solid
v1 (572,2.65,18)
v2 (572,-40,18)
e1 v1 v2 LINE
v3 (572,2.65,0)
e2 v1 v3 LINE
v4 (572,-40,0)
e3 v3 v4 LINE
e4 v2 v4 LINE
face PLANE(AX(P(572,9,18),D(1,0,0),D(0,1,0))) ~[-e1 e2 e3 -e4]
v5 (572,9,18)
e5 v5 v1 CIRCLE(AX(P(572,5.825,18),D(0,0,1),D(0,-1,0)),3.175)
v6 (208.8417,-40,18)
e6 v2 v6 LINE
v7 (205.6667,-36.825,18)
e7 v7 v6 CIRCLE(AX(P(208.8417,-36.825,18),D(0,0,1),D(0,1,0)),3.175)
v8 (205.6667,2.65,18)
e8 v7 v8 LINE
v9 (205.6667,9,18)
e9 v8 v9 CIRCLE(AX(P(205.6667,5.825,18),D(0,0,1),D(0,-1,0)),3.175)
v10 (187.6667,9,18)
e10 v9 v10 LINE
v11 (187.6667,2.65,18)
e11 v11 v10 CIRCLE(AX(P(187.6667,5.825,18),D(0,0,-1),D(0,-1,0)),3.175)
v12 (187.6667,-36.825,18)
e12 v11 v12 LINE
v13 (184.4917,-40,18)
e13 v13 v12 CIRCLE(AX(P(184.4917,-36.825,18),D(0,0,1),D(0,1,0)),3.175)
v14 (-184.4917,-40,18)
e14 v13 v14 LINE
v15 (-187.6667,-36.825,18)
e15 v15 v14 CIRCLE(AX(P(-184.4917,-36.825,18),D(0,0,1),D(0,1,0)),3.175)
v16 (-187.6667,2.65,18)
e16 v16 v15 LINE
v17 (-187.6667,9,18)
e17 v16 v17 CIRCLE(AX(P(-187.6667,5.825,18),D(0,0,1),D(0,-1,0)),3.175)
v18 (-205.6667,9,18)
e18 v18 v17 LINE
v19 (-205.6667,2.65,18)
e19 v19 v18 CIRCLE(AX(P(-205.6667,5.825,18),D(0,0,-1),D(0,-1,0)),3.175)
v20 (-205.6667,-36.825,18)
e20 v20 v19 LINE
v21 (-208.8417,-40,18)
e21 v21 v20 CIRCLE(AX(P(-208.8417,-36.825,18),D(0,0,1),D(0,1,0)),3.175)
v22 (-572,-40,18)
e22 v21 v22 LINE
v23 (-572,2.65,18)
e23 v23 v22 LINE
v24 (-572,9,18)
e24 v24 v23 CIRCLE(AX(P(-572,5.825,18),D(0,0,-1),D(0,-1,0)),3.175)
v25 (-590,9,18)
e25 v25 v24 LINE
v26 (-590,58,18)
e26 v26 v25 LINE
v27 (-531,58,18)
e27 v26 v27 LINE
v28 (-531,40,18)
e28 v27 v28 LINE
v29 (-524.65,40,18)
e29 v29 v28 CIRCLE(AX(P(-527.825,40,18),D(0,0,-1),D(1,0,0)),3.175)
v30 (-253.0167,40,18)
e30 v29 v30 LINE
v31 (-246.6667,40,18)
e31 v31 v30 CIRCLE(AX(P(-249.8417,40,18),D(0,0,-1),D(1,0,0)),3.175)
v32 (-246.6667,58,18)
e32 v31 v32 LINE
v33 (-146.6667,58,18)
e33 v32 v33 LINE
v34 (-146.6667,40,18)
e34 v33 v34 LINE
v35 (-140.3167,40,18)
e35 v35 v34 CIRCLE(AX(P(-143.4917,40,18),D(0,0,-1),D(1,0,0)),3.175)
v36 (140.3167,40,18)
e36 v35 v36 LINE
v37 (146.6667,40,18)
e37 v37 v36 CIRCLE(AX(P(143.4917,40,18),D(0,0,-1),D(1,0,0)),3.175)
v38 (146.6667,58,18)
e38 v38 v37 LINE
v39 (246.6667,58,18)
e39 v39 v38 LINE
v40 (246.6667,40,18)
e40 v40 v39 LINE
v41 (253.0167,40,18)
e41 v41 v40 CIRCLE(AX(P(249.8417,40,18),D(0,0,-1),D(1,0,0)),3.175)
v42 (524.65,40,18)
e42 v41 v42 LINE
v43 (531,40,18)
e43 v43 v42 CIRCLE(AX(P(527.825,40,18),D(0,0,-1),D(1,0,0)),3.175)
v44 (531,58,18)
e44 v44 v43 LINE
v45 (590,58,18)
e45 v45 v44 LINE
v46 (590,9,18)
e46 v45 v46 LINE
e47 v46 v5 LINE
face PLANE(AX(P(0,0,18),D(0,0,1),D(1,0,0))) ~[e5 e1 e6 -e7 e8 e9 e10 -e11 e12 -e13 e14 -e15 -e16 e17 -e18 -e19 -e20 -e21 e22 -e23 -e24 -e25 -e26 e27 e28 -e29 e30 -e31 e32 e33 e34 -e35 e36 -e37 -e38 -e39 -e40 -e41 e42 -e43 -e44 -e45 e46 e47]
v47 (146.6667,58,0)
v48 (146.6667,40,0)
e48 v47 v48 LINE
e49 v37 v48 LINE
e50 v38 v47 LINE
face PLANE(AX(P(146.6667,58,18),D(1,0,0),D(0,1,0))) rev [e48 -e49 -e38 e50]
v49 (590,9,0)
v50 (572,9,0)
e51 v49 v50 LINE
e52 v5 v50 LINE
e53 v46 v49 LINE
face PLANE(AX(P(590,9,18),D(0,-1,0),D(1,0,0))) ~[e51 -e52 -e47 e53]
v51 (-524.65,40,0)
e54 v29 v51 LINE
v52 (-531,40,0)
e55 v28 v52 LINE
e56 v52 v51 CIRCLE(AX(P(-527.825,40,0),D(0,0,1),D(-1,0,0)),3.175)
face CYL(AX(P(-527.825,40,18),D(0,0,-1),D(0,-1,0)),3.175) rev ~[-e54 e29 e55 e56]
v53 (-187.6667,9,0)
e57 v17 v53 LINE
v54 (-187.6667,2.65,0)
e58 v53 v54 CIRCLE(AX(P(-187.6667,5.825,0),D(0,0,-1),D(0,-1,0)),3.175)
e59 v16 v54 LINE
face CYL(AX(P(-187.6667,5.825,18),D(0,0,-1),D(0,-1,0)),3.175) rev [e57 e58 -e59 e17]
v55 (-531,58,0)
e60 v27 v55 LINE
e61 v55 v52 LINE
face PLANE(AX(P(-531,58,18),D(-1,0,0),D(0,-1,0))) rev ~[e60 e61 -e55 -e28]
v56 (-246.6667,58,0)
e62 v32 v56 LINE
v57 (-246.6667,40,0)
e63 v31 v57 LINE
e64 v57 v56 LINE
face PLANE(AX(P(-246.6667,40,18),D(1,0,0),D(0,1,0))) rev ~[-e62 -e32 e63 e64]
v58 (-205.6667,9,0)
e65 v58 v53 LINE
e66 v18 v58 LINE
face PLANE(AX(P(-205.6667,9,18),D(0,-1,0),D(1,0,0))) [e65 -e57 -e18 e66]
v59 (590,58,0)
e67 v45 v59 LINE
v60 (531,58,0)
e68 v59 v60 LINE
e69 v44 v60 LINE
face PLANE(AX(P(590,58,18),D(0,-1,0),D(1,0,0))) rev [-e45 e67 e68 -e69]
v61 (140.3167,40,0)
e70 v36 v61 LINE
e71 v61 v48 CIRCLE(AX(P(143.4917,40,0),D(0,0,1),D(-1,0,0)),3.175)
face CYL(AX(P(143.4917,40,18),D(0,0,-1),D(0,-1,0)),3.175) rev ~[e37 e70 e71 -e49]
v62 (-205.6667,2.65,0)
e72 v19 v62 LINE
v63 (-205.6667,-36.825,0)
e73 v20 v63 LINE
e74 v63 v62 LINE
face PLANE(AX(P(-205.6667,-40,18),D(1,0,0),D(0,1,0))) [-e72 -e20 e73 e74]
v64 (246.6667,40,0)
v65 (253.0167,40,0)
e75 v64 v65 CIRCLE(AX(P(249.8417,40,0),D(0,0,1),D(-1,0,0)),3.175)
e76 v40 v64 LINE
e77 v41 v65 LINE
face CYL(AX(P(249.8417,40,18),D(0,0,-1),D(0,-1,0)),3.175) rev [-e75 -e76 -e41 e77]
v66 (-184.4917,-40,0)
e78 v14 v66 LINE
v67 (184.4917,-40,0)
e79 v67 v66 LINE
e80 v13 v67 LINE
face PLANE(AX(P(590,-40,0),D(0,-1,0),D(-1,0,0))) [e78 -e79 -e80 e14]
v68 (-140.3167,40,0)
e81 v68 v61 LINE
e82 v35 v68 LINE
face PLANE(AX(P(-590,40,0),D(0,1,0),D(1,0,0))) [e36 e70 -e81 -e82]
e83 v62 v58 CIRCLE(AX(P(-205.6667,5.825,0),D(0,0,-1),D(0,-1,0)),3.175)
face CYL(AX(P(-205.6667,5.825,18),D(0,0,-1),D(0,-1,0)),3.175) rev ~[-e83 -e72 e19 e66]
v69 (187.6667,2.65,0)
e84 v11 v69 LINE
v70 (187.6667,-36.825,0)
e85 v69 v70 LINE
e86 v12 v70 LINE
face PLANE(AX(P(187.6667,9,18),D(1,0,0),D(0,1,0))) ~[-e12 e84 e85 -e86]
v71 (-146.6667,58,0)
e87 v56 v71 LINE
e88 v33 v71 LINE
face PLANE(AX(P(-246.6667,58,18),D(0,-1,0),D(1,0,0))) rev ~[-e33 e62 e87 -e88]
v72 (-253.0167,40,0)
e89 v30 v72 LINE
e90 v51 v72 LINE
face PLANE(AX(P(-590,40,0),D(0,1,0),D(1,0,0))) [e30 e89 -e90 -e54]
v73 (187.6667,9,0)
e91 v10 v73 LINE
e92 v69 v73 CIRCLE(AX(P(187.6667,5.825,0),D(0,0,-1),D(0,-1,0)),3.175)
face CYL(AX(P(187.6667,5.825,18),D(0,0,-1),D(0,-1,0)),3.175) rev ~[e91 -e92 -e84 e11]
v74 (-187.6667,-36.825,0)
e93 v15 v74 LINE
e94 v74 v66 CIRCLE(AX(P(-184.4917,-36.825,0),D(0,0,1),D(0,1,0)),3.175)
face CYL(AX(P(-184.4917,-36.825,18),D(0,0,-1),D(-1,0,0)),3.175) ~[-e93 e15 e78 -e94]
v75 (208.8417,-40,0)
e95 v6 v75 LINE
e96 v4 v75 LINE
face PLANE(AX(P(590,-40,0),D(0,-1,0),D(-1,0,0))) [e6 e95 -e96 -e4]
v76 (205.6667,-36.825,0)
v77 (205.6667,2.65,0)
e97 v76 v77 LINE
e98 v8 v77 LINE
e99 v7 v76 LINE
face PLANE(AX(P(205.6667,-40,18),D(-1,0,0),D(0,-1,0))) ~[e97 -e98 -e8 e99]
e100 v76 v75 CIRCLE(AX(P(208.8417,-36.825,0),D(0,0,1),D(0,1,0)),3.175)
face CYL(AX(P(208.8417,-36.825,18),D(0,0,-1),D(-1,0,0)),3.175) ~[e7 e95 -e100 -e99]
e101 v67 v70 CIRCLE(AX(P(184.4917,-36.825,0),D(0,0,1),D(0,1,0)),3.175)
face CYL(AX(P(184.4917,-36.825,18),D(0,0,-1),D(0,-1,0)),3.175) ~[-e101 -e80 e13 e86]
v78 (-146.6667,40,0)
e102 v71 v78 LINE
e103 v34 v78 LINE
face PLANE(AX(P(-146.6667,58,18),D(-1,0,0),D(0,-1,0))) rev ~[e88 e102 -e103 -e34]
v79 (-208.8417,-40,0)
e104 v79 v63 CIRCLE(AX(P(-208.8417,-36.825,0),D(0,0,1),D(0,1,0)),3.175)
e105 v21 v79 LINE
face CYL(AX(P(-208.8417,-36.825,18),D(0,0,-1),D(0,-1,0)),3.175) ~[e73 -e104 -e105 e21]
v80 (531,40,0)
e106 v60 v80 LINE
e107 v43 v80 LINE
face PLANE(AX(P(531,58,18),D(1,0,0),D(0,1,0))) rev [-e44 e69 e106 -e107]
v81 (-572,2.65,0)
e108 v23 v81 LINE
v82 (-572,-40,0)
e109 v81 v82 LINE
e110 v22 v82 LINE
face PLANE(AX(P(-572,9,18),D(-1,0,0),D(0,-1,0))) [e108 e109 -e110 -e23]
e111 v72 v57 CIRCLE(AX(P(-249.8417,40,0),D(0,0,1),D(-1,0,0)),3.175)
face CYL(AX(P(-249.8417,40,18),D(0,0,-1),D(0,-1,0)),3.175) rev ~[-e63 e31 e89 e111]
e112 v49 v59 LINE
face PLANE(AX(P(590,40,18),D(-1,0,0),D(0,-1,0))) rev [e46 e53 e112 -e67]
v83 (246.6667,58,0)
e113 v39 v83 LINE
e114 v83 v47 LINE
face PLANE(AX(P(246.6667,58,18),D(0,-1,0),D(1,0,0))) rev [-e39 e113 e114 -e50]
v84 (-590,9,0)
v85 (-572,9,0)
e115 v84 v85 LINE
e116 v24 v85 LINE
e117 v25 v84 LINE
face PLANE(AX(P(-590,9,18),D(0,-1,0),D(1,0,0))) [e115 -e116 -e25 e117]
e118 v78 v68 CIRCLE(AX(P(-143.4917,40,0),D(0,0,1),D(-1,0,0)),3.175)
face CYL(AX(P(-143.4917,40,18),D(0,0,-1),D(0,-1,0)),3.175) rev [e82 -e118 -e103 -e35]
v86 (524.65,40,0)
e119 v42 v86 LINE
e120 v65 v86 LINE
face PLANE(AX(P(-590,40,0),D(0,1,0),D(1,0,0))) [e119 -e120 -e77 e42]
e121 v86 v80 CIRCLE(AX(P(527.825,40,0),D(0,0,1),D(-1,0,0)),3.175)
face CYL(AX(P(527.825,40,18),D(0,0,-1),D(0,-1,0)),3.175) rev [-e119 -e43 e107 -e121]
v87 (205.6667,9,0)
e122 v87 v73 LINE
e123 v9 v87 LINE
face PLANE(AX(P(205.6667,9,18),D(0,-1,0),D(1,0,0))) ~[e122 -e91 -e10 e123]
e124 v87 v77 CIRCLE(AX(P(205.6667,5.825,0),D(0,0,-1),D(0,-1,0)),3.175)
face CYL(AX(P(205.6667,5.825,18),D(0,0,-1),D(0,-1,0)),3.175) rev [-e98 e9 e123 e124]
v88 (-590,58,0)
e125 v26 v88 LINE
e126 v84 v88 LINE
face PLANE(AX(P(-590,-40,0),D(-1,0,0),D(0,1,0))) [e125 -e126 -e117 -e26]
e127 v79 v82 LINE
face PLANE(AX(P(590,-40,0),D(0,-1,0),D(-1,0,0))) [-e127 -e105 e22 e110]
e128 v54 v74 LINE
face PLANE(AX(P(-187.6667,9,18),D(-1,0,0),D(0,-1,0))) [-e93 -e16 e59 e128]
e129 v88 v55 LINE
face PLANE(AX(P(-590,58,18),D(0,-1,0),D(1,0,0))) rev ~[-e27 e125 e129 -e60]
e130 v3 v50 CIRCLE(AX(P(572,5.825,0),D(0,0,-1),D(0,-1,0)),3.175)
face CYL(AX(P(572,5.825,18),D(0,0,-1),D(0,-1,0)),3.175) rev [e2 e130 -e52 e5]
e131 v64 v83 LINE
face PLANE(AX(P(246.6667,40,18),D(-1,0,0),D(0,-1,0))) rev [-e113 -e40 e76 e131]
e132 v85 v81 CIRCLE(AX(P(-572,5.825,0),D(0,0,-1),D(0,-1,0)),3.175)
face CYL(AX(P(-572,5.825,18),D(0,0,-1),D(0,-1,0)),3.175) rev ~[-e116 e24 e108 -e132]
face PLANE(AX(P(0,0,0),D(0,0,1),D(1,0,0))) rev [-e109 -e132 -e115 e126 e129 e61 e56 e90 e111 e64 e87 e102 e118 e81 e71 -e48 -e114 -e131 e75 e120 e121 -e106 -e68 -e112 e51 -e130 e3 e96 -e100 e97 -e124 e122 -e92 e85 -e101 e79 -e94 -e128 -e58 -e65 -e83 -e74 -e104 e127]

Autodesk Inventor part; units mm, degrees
ref_plane "YZ Plane" through (0, 0, 0) normal (1, 0, 0) x (0, 1, 0)
sketch "Sketch1" plane through (0, 0, 0) normal (0, 0, 1) x (1, 0, 0)
  line L0 (-590, 40) -> (590, 40)
  line L1 (590, 40) -> (590, -40)
  line L2 (590, -40) -> (-590, -40)
  line L3 (-590, -40) -> (-590, 40)
  point P0 (0, 0)
  point P1 (-590, 0)
  point P2 (0, 40)
  dimension "d0" = 80
  dimension "d1" = 1180
extrude "Extrusion1" add sketch "Sketch1" along normal blind 18
sketch "Sketch2" plane through (0, 0, 18) normal (0, 0, 1) x (1, 0, 0)
  line L0 (590, 40) -> (-590, 40) projected
  line L1 (-590, 40) -> (-590, -40) projected
  line L2 (-590, -40) -> (590, -40) projected
  line L3 (590, -40) -> (590, 40) projected
  line L4 (-590, 58) -> (-531, 58)
  line L5 (-531, 58) -> (-531, 40)
  line L6 (-531, 40) -> (-590, 40)
  line L7 (-590, 40) -> (-590, 58)
  point P0 (0, 0)
  point P1 (-560.5, 40)
  point P2 (0, 40)
  point P3 (-590, 49)
  point P4 (-590, 0)
  dimension "d4" = 18
  dimension "d5" = 59
extrude "Extrusion2" add sketch "Sketch2" against normal blind 18 contours L0 L7 L4 L5
ref_plane "Work Plane1" through (0, -40, 0) normal (-1, 0, 0) x (0, 0, 1)
sketch "Sketch3" plane through (0, 0, 18) normal (0, 0, 1) x (1, 0, 0)
  line L0 (-246.6667, 58) -> (-146.6667, 58)
  line L1 (-146.6667, 58) -> (-146.6667, 40)
  line L2 (-146.6667, 40) -> (-246.6667, 40)
  line L3 (-246.6667, 40) -> (-246.6667, 58)
  line L4 (590, 40) -> (-531, 40) projected
  line L5 (-531, 58) -> (-531, 40) projected
  line L6 (-590, 58) -> (-531, 58) projected
  line L7 (-590, -40) -> (-590, 58) projected
  line L8 (-590, -40) -> (590, -40) projected
  line L9 (590, -40) -> (590, 40) projected
  point P0 (0, 0)
  point P1 (-196.6667, 40)
  point P2 (29.5, 40)
  dimension "d8" = 18
  dimension "d9" = 100
  dimension "d10" = 393.3333
extrude "Extrusion3" add sketch "Sketch3" against normal blind 18 contours L0 L1 L2 L3
mirror "Mirror1" about plane through (0, -40, 0) normal (-1, 0, 0) of "Extrusion2", "Extrusion3"
sketch "Sketch4" plane through (0, 0, 18) normal (0, 0, 1) x (1, 0, 0)
  line L0 (531, 40) -> (246.6667, 40) projected
  line L1 (246.6667, 40) -> (246.6667, 58) projected
  line L2 (246.6667, 58) -> (146.6667, 58) projected
  line L3 (146.6667, 58) -> (146.6667, 40) projected
  line L4 (146.6667, 40) -> (-146.6667, 40) projected
  line L5 (-146.6667, 58) -> (-146.6667, 40) projected
  line L6 (-246.6667, 58) -> (-146.6667, 58) projected
  line L7 (-246.6667, 40) -> (-246.6667, 58) projected
  line L8 (-246.6667, 40) -> (-531, 40) projected
  line L9 (-531, 58) -> (-531, 40) projected
  line L10 (-590, 58) -> (-531, 58) projected
  line L11 (-590, -40) -> (-590, 58) projected
  line L12 (-590, -40) -> (590, -40) projected
  line L13 (590, -40) -> (590, 58) projected
  line L14 (590, 58) -> (531, 58) projected
  line L15 (531, 58) -> (531, 40) projected
  line L16 (-590, 9) -> (-572, 9)
  line L17 (-572, 9) -> (-572, -40)
  line L18 (-572, -40) -> (-590, -40)
  line L19 (-590, -40) -> (-590, 9)
  point P0 (0, 0)
  point P1 (-590, -15.5)
  point P2 (-590, 9)
  point P3 (-581, -40)
  point P4 (0, -40)
  dimension "d13" = 18
  dimension "d14" = 49
extrude "Extrusion4" cut sketch "Sketch4" against normal blind 18 contours L12 L11 L16 L17
mirror "Mirror2" about plane through (0, -40, 0) normal (-1, 0, 0) of "Extrusion4"
sketch "Sketch5" plane through (0, 0, 18) normal (0, 0, 1) x (1, 0, 0)
  line L0 (-205.6667, 9) -> (-187.6667, 9)
  line L1 (-187.6667, 9) -> (-187.6667, -40)
  line L2 (-187.6667, -40) -> (-205.6667, -40)
  line L3 (-205.6667, -40) -> (-205.6667, 9)
  line L4 (572, -40) -> (572, 9) projected
  line L5 (572, 9) -> (590, 9) projected
  line L6 (590, 9) -> (590, 58) projected
  line L7 (590, 58) -> (531, 58) projected
  line L8 (531, 58) -> (531, 40) projected
  line L9 (531, 40) -> (246.6667, 40) projected
  line L10 (246.6667, 40) -> (246.6667, 58) projected
  line L11 (246.6667, 58) -> (146.6667, 58) projected
  line L12 (146.6667, 58) -> (146.6667, 40) projected
  line L13 (146.6667, 40) -> (-146.6667, 40) projected
  line L14 (-146.6667, 58) -> (-146.6667, 40) projected
  line L15 (-246.6667, 58) -> (-146.6667, 58) projected
  line L16 (-246.6667, 40) -> (-246.6667, 58) projected
  line L17 (-246.6667, 40) -> (-531, 40) projected
  line L18 (-531, 58) -> (-531, 40) projected
  line L19 (-590, 58) -> (-531, 58) projected
  line L20 (-590, 9) -> (-590, 58) projected
  line L21 (-590, 9) -> (-572, 9) projected
  line L22 (-572, 9) -> (-572, -40) projected
  line L23 (-572, -40) -> (572, -40) projected
  point P0 (0, 0)
  point P1 (-196.6667, -40)
  point P2 (0, -40)
  point P3 (-196.6667, 9)
  point P4 (-196.6667, 58)
  dimension "d17" = 18
  dimension "d18" = 49
extrude "Extrusion5" cut sketch "Sketch5" against normal blind 18 contours L0 L1 L2 L3
mirror "Mirror3" about plane through (0, -40, 0) normal (-1, 0, 0) of "Extrusion5"
sketch "Sketch6" plane through (0, 0, 18) normal (0, 0, 1) x (1, 0, 0)
  line L0 (187.6667, -40) -> (187.6667, 9) projected
  line L1 (187.6667, 9) -> (205.6667, 9) projected
  line L2 (205.6667, 9) -> (205.6667, -40) projected
  line L3 (205.6667, -40) -> (572, -40) projected
  line L4 (572, -40) -> (572, 9) projected
  line L5 (572, 9) -> (590, 9) projected
  line L6 (590, 9) -> (590, 58) projected
  line L7 (590, 58) -> (531, 58) projected
  line L8 (531, 58) -> (531, 40) projected
  line L9 (531, 40) -> (246.6667, 40) projected
  line L10 (246.6667, 40) -> (246.6667, 58) projected
  line L11 (246.6667, 58) -> (146.6667, 58) projected
  line L12 (146.6667, 58) -> (146.6667, 40) projected
  line L13 (146.6667, 40) -> (-146.6667, 40) projected
  line L14 (-146.6667, 58) -> (-146.6667, 40) projected
  line L15 (-246.6667, 58) -> (-146.6667, 58) projected
  line L16 (-246.6667, 40) -> (-246.6667, 58) projected
  line L17 (-246.6667, 40) -> (-531, 40) projected
  line L18 (-531, 58) -> (-531, 40) projected
  line L19 (-590, 58) -> (-531, 58) projected
  line L20 (-590, 9) -> (-590, 58) projected
  line L21 (-590, 9) -> (-572, 9) projected
  line L22 (-572, 9) -> (-572, -40) projected
  line L23 (-572, -40) -> (-205.6667, -40) projected
  line L24 (-205.6667, -40) -> (-205.6667, 9) projected
  line L25 (-205.6667, 9) -> (-187.6667, 9) projected
  line L26 (-187.6667, 9) -> (-187.6667, -40) projected
  line L27 (-187.6667, -40) -> (187.6667, -40) projected
  point P0 (0, 0)
  point P1 (-527.825, 40)
  point P2 (-572, 5.825)
  dimension "d21" = 3.175
  dimension "d22" = 3.175
hole "Hole1" at (-527.825, 40, 18) at (-572, 5.825, 18) direction (0, 0, -1) diameter 6.35 end through all
mirror "Mirror4" about plane through (0, -40, 0) normal (-1, 0, 0) of "Hole1"
sketch "Sketch7" plane through (0, 0, 18) normal (0, 0, 1) x (1, 0, 0)
  arc A0 (524.65, 40) -> (531, 40) centre (527.825, 40) ccw projected
  line L0 (524.65, 40) -> (246.6667, 40) projected
  line L1 (246.6667, 40) -> (246.6667, 58) projected
  line L2 (246.6667, 58) -> (146.6667, 58) projected
  line L3 (146.6667, 58) -> (146.6667, 40) projected
  line L4 (146.6667, 40) -> (-146.6667, 40) projected
  line L5 (-146.6667, 58) -> (-146.6667, 40) projected
  line L6 (-246.6667, 58) -> (-146.6667, 58) projected
  line L7 (-246.6667, 40) -> (-246.6667, 58) projected
  line L8 (-246.6667, 40) -> (-524.65, 40) projected
  arc A1 (-531, 40) -> (-524.65, 40) centre (-527.825, 40) ccw projected
  line L9 (-531, 58) -> (-531, 40) projected
  line L10 (-590, 58) -> (-531, 58) projected
  line L11 (-590, 9) -> (-590, 58) projected
  line L12 (-590, 9) -> (-572, 9) projected
  arc A2 (-572, 2.65) -> (-572, 9) centre (-572, 5.825) ccw projected
  line L13 (-572, 2.65) -> (-572, -40) projected
  line L14 (-572, -40) -> (-205.6667, -40) projected
  line L15 (-205.6667, -40) -> (-205.6667, 9) projected
  line L16 (-205.6667, 9) -> (-187.6667, 9) projected
  line L17 (-187.6667, 9) -> (-187.6667, -40) projected
  line L18 (-187.6667, -40) -> (187.6667, -40) projected
  line L19 (187.6667, -40) -> (187.6667, 9) projected
  line L20 (187.6667, 9) -> (205.6667, 9) projected
  line L21 (205.6667, 9) -> (205.6667, -40) projected
  line L22 (205.6667, -40) -> (572, -40) projected
  line L23 (572, -40) -> (572, 2.65) projected
  arc A3 (572, 9) -> (572, 2.65) centre (572, 5.825) ccw projected
  line L24 (572, 9) -> (590, 9) projected
  line L25 (590, 9) -> (590, 58) projected
  line L26 (590, 58) -> (531, 58) projected
  line L27 (531, 58) -> (531, 40) projected
  point P0 (0, 0)
  point P1 (-249.8417, 40)
  point P2 (-205.6667, 5.825)
  dimension "d30" = 3.175
  dimension "d31" = 3.175
hole "Hole2" at (-249.8417, 40, 18) at (-205.6667, 5.825, 18) direction (0, 0, -1) diameter 6.35 end through all
ref_plane "Work Plane2" through (-196.6667, -40, 18) normal (1, 0, 0) x (0, 0, -1)
mirror "Mirror5" about plane through (-196.6667, -40, 18) normal (1, 0, 0) of "Hole2"
mirror "Mirror6" about plane through (0, -40, 0) normal (-1, 0, 0) of "Hole2", "Mirror5"
fillet "Fillet1" radius 3.175 4 edges at (-205.6667, -40, 9) (-187.6667, -40, 9) (187.6667, -40, 9) (205.6667, -40, 9)
equation "\"d0\" = legTopDepth"
equation "\"d1\" = tableLength"
equation "\"d2\" = plyThickness"
equation "\"d4\" = legTopTabHeight"
equation "\"d5\" = 0.5 * plyThickness + 0.5 * legTabTotalWidth"
equation "\"d6\" = plyThickness"
equation "\"d8\" = legTopTabHeight"
equation "\"d9\" = legTabTotalWidth"
equation "\"d10\" = 0.333333 * tableLength"
equation "\"d11\" = plyThickness"
equation "\"d13\" = plyThickness"
equation "\"d14\" = legTopSlotDepth"
equation "\"d15\" = plyThickness"
equation "\"d17\" = plyThickness"
equation "\"d18\" = legTopSlotDepth"
equation "\"d19\" = plyThickness"
equation "\"d21\" = 0.5 * millDiameter"
equation "\"d22\" = 0.5 * millDiameter"
equation "\"d23\" = millDiameter"
equation "\"d30\" = 0.5 * millDiameter"
equation "\"d31\" = 0.5 * millDiameter"
equation "\"d32\" = millDiameter"
equation "\"d39\" = 0.5 * millDiameter"
equation "\"plyThickness\" = 18"
equation "\"legHeight\" = 702"
equation "\"tableLength\" = 1180"
equation "\"legTopDepth\" = 80"
equation "\"millDiameter\" = 6.35"
equation "\"legTopTabHeight\" = 18"
equation "\"legTabTotalWidth\" = 100"
equation "\"legTopSlotDepth\" = 49"
properties part number "longSlat"
